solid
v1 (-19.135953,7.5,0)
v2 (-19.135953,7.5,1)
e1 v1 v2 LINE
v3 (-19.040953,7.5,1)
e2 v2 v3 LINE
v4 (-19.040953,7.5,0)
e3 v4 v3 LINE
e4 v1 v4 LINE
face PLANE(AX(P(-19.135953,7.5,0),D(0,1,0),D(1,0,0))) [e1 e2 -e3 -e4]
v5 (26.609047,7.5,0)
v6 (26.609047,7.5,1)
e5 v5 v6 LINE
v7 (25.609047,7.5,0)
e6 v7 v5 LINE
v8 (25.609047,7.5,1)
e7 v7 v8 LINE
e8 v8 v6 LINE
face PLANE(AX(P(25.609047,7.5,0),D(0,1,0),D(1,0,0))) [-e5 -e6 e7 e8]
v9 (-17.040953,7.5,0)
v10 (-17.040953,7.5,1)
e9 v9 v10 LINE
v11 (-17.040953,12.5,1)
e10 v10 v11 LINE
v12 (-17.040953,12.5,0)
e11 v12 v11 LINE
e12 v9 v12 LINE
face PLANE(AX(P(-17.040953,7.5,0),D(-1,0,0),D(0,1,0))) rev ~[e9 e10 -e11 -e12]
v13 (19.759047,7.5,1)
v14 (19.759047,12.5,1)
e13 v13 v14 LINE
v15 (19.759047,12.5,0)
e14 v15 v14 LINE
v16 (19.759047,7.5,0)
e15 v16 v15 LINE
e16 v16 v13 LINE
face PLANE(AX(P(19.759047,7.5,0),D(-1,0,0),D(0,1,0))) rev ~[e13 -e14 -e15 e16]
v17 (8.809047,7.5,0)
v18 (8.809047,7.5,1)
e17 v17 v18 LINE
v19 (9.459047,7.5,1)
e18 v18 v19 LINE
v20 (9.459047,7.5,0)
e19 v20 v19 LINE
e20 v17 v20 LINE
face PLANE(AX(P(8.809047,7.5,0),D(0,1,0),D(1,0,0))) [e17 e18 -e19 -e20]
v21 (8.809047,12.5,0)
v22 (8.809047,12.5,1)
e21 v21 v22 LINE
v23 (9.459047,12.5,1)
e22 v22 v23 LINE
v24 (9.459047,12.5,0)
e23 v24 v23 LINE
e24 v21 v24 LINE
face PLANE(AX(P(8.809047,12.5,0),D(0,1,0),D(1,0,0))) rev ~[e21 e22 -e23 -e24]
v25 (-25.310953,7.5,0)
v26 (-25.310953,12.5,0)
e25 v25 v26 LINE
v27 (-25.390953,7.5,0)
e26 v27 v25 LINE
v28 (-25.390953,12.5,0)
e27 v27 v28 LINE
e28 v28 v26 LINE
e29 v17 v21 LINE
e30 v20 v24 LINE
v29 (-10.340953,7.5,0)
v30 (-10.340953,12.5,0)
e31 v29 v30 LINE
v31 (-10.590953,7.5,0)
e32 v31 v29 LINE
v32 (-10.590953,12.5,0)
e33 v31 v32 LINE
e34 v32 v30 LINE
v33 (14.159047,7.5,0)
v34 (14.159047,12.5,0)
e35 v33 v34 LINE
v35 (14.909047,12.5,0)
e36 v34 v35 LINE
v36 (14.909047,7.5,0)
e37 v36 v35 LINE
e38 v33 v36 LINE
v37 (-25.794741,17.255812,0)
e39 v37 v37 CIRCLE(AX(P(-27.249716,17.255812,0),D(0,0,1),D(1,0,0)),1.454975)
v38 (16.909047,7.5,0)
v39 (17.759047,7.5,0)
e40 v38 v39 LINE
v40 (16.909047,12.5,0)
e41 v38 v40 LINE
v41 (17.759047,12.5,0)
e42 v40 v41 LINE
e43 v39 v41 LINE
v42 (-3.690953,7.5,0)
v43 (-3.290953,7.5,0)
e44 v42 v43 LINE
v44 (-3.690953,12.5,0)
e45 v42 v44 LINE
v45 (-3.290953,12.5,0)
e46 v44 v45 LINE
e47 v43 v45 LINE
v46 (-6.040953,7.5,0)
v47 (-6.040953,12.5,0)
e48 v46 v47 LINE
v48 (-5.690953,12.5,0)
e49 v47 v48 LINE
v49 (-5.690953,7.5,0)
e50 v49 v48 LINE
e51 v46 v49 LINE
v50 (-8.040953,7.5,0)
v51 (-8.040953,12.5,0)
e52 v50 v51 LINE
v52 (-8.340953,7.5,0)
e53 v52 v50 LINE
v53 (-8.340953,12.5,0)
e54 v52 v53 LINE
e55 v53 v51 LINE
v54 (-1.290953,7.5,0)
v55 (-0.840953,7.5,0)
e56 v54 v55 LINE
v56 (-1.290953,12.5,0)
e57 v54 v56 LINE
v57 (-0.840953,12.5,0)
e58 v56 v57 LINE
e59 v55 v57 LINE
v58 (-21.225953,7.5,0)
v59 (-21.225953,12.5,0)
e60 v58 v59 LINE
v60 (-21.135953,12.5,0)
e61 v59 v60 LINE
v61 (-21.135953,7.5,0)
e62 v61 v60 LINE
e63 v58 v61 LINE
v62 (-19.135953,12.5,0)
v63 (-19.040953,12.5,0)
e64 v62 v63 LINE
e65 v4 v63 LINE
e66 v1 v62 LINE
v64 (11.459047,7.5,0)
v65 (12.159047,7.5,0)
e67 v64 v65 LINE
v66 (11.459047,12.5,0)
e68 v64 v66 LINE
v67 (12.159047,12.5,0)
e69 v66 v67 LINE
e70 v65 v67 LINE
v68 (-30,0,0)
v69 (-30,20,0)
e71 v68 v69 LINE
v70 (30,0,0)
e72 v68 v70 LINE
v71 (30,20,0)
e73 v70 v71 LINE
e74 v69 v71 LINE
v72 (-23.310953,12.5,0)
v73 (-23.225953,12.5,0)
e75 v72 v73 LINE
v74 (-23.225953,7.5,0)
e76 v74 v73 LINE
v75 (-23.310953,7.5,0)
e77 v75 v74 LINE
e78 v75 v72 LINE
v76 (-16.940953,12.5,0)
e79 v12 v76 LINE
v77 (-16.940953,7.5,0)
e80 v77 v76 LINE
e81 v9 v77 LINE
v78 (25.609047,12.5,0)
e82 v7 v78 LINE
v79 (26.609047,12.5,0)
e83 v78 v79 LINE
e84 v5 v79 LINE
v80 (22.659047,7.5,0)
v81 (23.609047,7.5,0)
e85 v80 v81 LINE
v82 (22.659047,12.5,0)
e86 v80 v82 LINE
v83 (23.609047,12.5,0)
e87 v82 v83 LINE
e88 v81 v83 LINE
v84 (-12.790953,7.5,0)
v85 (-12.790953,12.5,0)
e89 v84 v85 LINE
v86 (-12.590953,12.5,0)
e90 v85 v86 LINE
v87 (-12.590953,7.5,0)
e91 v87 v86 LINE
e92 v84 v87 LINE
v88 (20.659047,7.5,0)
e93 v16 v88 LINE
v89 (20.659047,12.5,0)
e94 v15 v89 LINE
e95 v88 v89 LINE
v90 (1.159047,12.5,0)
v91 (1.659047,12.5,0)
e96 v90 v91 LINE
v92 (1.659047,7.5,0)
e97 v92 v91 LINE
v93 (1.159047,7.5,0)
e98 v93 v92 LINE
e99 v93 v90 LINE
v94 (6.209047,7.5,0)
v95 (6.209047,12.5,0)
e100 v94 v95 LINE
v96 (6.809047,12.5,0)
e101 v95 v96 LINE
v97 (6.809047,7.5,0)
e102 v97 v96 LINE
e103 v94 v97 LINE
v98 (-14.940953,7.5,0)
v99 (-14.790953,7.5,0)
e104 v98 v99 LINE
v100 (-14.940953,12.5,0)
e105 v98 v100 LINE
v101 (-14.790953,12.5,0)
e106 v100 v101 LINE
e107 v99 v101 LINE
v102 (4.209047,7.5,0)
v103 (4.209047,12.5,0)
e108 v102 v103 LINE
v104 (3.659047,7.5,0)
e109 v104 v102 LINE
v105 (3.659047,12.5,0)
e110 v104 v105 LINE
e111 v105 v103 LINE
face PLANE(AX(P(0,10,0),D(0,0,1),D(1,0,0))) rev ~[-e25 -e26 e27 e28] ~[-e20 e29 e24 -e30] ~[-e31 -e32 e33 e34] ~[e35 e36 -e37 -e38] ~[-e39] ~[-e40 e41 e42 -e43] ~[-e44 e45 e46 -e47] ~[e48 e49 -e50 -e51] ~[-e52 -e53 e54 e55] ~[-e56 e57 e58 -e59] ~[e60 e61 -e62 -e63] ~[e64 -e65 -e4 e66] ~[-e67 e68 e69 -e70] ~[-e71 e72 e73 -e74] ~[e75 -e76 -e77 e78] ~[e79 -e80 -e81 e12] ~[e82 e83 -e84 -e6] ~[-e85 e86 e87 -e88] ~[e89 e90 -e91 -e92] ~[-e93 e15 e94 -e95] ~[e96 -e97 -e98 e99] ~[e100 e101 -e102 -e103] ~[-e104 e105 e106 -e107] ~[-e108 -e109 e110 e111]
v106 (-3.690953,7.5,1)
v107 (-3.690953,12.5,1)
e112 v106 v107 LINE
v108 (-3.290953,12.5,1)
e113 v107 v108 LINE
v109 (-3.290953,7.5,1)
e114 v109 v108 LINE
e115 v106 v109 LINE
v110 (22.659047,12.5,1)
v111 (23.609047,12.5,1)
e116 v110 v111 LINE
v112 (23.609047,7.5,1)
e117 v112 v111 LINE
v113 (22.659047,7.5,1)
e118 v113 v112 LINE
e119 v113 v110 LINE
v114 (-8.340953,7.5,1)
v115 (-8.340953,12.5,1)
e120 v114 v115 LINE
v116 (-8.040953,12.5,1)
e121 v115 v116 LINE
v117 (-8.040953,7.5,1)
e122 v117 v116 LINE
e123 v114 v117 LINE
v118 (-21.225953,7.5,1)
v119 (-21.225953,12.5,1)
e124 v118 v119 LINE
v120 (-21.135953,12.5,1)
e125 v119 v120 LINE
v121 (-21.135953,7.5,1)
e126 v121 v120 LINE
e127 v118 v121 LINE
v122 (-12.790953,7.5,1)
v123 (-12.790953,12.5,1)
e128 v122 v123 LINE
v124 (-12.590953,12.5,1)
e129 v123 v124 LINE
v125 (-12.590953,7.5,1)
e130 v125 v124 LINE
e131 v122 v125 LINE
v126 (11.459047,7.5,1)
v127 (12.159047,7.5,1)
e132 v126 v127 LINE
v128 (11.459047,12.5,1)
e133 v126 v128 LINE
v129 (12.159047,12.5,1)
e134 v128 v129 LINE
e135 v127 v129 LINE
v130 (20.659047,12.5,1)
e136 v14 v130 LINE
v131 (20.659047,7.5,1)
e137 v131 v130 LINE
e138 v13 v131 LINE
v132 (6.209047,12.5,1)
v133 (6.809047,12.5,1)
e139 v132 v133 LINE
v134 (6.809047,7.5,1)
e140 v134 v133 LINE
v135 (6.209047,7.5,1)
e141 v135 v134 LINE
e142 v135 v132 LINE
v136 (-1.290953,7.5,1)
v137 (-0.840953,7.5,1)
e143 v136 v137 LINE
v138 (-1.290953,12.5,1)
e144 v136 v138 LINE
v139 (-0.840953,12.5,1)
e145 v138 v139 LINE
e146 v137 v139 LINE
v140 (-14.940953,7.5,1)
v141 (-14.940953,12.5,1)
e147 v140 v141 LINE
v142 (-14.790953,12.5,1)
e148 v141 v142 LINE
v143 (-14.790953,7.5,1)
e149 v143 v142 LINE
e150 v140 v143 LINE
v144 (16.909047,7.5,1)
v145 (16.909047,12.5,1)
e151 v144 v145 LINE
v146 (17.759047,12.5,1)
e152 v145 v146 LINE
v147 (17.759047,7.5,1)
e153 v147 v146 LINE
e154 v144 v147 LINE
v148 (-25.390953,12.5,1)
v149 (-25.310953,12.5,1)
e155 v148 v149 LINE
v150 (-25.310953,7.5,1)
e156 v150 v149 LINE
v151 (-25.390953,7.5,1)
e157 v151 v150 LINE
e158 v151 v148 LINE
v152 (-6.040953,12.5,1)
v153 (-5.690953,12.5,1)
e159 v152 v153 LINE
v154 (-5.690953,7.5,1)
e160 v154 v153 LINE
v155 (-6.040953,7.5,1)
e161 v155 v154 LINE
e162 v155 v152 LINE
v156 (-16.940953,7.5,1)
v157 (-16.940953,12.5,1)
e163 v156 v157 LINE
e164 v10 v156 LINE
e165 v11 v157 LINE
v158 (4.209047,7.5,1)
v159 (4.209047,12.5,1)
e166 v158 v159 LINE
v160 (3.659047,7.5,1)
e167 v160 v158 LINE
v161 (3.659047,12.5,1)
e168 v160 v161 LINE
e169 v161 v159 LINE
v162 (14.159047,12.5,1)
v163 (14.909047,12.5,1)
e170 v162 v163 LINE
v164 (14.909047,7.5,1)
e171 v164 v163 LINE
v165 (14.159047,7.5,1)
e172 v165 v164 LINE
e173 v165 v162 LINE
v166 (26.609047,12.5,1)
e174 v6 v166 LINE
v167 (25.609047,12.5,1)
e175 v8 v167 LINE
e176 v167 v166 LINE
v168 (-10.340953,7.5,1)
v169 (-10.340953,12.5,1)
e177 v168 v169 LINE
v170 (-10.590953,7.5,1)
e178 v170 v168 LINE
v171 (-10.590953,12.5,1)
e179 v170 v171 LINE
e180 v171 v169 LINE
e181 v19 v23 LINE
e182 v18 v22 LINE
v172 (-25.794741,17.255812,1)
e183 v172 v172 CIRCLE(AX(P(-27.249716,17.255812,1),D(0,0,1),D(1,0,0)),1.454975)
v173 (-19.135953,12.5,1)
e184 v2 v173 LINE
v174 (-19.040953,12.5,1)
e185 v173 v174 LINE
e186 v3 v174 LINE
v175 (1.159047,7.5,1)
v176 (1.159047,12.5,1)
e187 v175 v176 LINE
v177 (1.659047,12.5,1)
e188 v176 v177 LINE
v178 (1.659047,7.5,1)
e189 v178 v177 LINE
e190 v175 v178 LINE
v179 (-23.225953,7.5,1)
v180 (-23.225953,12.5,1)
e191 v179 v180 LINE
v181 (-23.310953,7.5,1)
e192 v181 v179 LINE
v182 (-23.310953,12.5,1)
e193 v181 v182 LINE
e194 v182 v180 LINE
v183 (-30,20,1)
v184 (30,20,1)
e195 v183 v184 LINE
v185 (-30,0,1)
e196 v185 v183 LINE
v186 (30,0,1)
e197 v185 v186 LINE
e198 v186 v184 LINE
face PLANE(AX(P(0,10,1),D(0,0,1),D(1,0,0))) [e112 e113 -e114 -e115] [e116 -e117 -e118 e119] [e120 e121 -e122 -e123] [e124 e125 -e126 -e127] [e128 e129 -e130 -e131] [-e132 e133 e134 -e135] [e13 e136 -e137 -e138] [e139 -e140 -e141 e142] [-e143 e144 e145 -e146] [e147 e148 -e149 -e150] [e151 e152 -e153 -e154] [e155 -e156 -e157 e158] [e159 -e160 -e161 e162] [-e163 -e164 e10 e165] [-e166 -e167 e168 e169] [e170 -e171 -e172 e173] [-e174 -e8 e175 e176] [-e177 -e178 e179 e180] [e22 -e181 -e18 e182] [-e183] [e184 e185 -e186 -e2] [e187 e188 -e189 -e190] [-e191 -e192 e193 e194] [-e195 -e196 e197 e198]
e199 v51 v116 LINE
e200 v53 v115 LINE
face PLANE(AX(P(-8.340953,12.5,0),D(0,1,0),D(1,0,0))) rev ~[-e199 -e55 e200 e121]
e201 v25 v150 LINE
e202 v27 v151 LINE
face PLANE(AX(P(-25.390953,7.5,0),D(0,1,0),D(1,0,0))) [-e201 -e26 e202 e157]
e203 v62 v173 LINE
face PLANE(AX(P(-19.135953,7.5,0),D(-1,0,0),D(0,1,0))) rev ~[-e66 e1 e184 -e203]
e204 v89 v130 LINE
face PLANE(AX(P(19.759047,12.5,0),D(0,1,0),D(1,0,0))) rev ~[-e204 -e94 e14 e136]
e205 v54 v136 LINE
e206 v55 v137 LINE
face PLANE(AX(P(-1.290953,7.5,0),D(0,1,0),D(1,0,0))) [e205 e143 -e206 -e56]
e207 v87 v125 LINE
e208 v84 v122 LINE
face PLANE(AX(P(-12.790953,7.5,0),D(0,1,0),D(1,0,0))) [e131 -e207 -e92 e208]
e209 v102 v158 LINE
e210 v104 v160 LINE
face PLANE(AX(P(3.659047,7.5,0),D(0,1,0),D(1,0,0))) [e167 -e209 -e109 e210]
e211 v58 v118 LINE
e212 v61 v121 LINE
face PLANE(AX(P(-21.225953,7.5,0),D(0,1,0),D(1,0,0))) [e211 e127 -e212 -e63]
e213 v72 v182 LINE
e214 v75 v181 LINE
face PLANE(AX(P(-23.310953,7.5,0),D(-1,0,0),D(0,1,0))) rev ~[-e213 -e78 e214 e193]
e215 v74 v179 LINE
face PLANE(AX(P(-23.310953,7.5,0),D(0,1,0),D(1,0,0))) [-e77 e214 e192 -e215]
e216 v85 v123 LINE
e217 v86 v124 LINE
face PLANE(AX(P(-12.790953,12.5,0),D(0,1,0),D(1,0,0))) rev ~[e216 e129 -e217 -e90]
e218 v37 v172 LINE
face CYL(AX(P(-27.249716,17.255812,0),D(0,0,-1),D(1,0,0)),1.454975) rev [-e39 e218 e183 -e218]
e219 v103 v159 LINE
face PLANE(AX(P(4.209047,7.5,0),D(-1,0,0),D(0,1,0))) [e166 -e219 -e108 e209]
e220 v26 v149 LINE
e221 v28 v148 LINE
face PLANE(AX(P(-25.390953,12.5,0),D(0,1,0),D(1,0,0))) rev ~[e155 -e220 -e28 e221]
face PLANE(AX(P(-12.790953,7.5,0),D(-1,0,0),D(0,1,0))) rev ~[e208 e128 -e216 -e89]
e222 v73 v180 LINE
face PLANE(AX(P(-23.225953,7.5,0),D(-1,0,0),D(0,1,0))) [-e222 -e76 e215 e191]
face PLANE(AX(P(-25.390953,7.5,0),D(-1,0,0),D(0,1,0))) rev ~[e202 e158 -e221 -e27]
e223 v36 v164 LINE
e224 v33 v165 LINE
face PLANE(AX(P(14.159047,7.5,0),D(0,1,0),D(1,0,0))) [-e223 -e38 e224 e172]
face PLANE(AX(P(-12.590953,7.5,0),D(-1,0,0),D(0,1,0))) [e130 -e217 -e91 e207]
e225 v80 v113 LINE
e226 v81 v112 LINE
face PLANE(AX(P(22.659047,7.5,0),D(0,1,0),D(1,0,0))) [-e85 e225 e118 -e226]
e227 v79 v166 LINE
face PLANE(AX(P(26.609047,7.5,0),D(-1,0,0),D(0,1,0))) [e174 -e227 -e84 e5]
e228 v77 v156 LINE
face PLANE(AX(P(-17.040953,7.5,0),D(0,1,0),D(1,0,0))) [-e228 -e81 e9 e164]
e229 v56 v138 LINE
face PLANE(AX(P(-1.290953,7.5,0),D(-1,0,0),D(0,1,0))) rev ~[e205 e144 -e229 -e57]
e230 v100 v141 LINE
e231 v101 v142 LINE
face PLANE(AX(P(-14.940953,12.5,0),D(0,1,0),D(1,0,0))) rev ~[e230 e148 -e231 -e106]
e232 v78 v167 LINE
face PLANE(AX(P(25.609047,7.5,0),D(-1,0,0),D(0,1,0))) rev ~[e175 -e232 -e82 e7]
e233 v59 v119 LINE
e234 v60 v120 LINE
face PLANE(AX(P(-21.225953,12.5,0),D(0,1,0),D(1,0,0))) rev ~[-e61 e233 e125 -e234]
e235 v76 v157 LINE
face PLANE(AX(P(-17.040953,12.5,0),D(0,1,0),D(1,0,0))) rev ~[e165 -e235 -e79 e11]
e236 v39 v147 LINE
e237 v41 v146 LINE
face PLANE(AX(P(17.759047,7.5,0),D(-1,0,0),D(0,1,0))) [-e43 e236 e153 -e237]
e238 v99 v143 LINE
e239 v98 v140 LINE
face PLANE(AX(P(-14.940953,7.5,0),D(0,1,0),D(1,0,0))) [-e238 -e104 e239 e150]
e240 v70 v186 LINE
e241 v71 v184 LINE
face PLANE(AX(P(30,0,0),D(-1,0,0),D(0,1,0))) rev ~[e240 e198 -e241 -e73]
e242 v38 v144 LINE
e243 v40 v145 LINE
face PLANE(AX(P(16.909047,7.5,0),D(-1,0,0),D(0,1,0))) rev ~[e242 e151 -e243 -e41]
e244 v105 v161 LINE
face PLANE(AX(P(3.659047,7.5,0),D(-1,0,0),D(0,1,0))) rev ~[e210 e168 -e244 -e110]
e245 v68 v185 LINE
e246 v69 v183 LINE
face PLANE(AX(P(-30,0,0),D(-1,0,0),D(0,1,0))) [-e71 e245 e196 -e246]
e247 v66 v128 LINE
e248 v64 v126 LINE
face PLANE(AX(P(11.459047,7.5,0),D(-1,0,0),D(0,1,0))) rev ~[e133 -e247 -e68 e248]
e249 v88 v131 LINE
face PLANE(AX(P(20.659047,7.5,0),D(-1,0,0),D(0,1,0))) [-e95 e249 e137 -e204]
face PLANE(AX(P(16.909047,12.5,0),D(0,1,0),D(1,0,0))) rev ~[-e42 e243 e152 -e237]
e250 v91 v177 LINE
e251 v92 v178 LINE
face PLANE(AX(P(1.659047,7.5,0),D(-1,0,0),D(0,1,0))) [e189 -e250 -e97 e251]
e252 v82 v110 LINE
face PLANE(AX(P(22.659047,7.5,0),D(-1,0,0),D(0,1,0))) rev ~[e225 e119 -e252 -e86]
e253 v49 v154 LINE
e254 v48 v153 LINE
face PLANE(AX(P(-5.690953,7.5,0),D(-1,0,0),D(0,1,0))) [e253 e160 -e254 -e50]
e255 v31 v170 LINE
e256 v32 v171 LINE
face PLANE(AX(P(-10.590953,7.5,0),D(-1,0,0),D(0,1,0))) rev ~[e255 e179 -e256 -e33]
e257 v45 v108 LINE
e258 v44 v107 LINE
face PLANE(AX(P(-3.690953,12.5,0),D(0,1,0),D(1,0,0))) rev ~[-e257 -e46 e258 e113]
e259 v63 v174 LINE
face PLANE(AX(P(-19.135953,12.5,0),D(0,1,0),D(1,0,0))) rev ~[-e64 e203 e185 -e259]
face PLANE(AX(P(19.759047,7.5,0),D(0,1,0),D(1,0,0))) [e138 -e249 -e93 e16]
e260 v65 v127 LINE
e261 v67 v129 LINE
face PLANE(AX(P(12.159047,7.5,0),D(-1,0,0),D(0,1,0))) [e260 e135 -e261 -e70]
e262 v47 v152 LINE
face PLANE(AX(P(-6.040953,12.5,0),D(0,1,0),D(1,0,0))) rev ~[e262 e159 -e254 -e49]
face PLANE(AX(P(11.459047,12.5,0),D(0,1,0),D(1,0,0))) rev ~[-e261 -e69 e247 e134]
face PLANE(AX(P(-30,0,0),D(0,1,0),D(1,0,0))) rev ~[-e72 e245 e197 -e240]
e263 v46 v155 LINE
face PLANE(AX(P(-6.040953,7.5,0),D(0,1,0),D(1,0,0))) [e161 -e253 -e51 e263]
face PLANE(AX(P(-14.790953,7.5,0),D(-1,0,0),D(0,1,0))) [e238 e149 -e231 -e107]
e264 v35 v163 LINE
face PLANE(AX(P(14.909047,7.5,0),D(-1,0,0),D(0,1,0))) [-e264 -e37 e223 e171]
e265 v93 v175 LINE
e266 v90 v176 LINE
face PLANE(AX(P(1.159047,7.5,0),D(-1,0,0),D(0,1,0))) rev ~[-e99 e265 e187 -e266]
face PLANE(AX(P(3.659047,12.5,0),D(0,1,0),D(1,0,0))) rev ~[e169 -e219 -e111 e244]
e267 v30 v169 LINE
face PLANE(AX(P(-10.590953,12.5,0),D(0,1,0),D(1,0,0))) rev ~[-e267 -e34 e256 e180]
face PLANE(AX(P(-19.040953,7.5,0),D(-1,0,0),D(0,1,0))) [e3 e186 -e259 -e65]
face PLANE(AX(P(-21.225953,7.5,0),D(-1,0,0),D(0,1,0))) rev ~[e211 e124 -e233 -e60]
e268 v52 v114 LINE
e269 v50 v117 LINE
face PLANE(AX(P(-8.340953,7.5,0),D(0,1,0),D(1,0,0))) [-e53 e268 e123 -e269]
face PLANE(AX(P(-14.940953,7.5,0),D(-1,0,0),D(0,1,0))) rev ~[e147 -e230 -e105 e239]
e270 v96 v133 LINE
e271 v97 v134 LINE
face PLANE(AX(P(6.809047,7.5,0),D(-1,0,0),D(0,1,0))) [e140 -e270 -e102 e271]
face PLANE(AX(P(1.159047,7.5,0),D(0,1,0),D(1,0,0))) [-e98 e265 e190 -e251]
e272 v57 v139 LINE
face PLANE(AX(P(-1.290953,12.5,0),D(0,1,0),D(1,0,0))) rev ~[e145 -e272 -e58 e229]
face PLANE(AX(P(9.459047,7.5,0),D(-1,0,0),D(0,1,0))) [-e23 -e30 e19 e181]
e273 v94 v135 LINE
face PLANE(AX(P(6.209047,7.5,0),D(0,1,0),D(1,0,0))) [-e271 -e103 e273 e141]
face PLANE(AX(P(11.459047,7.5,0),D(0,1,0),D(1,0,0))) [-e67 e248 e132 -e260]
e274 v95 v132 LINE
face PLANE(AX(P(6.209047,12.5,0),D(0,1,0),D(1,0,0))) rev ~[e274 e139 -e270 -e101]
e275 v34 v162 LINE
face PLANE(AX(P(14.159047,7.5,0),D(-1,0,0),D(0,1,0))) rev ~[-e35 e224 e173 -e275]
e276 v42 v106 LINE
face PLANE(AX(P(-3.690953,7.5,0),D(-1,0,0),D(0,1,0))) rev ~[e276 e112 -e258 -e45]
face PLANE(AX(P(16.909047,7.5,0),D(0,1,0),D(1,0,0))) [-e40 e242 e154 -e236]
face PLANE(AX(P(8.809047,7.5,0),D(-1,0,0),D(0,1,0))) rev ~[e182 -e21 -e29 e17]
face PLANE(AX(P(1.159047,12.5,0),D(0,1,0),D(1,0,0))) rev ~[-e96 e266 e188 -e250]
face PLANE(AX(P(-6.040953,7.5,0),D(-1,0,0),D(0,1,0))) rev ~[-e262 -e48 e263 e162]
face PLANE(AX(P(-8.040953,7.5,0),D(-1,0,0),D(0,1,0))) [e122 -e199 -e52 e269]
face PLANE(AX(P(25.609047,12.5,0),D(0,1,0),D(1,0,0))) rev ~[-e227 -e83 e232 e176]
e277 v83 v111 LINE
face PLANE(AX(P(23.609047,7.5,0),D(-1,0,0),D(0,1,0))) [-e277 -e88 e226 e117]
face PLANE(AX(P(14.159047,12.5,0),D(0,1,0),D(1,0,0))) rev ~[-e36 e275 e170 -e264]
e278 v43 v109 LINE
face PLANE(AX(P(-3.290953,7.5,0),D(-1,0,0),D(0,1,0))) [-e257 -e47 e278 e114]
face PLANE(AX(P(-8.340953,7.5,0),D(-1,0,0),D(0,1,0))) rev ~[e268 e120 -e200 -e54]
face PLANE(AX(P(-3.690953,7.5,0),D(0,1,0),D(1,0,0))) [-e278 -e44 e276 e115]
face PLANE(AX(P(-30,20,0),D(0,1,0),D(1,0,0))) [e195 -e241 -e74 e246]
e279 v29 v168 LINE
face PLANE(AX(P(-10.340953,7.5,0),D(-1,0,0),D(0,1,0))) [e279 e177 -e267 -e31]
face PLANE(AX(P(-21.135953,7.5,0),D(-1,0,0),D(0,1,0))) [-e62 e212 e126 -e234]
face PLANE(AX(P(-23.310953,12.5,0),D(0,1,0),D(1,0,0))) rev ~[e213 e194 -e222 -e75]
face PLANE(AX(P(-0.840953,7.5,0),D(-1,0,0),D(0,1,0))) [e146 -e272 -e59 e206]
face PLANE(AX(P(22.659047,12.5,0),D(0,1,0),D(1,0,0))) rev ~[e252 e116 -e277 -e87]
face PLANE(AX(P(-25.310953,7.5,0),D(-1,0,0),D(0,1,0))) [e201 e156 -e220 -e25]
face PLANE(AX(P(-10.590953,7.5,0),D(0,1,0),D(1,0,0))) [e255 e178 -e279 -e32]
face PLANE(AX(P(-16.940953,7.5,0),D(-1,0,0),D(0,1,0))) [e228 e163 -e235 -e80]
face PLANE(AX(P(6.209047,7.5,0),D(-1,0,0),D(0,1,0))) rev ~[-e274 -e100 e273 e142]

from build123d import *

# Parameters (mm, degrees)
SKETCH_W    = 60
SKETCH_H    = 20
SKETCH_R    = 1.454975
SKETCH_W_2  = 0.08
SKETCH_H_2  = 5
SKETCH_W_3  = 0.085
SKETCH_W_4  = 0.09
SKETCH_W_5  = 0.095
SKETCH_W_6  = 0.1
SKETCH_W_7  = 0.15
SKETCH_W_8  = 0.2
SKETCH_W_9  = 0.25
SKETCH_W_10 = 0.3
SKETCH_W_11 = 0.35
SKETCH_W_12 = 0.4
SKETCH_W_13 = 0.45
SKETCH_W_14 = 0.5
SKETCH_W_15 = 0.55
SKETCH_W_16 = 0.6
SKETCH_W_17 = 0.65
SKETCH_W_18 = 0.7
SKETCH_W_19 = 0.75
SKETCH_W_20 = 0.85
SKETCH_W_21 = 0.9
SKETCH_W_22 = 0.95
SKETCH_W_23 = 1
PAD_DEPTH   = 1


with BuildPart() as part:
    # Sketch → Pad (new body)
    with BuildSketch(Plane.XY):
        with Locations((0, 10)):
            Rectangle(SKETCH_W, SKETCH_H)
        with Locations((-27.249716, 17.255812)):
            Circle(SKETCH_R, mode=Mode.SUBTRACT)
        with Locations((-25.350953, 10)):
            Rectangle(SKETCH_W_2, SKETCH_H_2, mode=Mode.SUBTRACT)
        with Locations((-23.268453, 10)):
            Rectangle(SKETCH_W_3, SKETCH_H_2, mode=Mode.SUBTRACT)
        with Locations((-21.180953, 10)):
            Rectangle(SKETCH_W_4, SKETCH_H_2, mode=Mode.SUBTRACT)
        with Locations((-19.088453, 10)):
            Rectangle(SKETCH_W_5, SKETCH_H_2, mode=Mode.SUBTRACT)
        with Locations((-16.990953, 10)):
            Rectangle(SKETCH_W_6, SKETCH_H_2, mode=Mode.SUBTRACT)
        with Locations((-14.865953, 10)):
            Rectangle(SKETCH_W_7, SKETCH_H_2, mode=Mode.SUBTRACT)
        with Locations((-12.690953, 10)):
            Rectangle(SKETCH_W_8, SKETCH_H_2, mode=Mode.SUBTRACT)
        with Locations((-10.465953, 10)):
            Rectangle(SKETCH_W_9, SKETCH_H_2, mode=Mode.SUBTRACT)
        with Locations((-8.190953, 10)):
            Rectangle(SKETCH_W_10, SKETCH_H_2, mode=Mode.SUBTRACT)
        with Locations((-5.865953, 10)):
            Rectangle(SKETCH_W_11, SKETCH_H_2, mode=Mode.SUBTRACT)
        with Locations((-3.490953, 10)):
            Rectangle(SKETCH_W_12, SKETCH_H_2, mode=Mode.SUBTRACT)
        with Locations((-1.065953, 10)):
            Rectangle(SKETCH_W_13, SKETCH_H_2, mode=Mode.SUBTRACT)
        with Locations((1.409047, 10)):
            Rectangle(SKETCH_W_14, SKETCH_H_2, mode=Mode.SUBTRACT)
        with Locations((3.934047, 10)):
            Rectangle(SKETCH_W_15, SKETCH_H_2, mode=Mode.SUBTRACT)
        with Locations((6.509047, 10)):
            Rectangle(SKETCH_W_16, SKETCH_H_2, mode=Mode.SUBTRACT)
        with Locations((9.134047, 10)):
            Rectangle(SKETCH_W_17, SKETCH_H_2, mode=Mode.SUBTRACT)
        with Locations((11.809047, 10)):
            Rectangle(SKETCH_W_18, SKETCH_H_2, mode=Mode.SUBTRACT)
        with Locations((14.534047, 10)):
            Rectangle(SKETCH_W_19, SKETCH_H_2, mode=Mode.SUBTRACT)
        with Locations((17.334047, 10)):
            Rectangle(SKETCH_W_20, SKETCH_H_2, mode=Mode.SUBTRACT)
        with Locations((20.209047, 10)):
            Rectangle(SKETCH_W_21, SKETCH_H_2, mode=Mode.SUBTRACT)
        with Locations((23.134047, 10)):
            Rectangle(SKETCH_W_22, SKETCH_H_2, mode=Mode.SUBTRACT)
        with Locations((26.109047, 10)):
            Rectangle(SKETCH_W_23, SKETCH_H_2, mode=Mode.SUBTRACT)
    extrude(amount=PAD_DEPTH)


solid = part.part
